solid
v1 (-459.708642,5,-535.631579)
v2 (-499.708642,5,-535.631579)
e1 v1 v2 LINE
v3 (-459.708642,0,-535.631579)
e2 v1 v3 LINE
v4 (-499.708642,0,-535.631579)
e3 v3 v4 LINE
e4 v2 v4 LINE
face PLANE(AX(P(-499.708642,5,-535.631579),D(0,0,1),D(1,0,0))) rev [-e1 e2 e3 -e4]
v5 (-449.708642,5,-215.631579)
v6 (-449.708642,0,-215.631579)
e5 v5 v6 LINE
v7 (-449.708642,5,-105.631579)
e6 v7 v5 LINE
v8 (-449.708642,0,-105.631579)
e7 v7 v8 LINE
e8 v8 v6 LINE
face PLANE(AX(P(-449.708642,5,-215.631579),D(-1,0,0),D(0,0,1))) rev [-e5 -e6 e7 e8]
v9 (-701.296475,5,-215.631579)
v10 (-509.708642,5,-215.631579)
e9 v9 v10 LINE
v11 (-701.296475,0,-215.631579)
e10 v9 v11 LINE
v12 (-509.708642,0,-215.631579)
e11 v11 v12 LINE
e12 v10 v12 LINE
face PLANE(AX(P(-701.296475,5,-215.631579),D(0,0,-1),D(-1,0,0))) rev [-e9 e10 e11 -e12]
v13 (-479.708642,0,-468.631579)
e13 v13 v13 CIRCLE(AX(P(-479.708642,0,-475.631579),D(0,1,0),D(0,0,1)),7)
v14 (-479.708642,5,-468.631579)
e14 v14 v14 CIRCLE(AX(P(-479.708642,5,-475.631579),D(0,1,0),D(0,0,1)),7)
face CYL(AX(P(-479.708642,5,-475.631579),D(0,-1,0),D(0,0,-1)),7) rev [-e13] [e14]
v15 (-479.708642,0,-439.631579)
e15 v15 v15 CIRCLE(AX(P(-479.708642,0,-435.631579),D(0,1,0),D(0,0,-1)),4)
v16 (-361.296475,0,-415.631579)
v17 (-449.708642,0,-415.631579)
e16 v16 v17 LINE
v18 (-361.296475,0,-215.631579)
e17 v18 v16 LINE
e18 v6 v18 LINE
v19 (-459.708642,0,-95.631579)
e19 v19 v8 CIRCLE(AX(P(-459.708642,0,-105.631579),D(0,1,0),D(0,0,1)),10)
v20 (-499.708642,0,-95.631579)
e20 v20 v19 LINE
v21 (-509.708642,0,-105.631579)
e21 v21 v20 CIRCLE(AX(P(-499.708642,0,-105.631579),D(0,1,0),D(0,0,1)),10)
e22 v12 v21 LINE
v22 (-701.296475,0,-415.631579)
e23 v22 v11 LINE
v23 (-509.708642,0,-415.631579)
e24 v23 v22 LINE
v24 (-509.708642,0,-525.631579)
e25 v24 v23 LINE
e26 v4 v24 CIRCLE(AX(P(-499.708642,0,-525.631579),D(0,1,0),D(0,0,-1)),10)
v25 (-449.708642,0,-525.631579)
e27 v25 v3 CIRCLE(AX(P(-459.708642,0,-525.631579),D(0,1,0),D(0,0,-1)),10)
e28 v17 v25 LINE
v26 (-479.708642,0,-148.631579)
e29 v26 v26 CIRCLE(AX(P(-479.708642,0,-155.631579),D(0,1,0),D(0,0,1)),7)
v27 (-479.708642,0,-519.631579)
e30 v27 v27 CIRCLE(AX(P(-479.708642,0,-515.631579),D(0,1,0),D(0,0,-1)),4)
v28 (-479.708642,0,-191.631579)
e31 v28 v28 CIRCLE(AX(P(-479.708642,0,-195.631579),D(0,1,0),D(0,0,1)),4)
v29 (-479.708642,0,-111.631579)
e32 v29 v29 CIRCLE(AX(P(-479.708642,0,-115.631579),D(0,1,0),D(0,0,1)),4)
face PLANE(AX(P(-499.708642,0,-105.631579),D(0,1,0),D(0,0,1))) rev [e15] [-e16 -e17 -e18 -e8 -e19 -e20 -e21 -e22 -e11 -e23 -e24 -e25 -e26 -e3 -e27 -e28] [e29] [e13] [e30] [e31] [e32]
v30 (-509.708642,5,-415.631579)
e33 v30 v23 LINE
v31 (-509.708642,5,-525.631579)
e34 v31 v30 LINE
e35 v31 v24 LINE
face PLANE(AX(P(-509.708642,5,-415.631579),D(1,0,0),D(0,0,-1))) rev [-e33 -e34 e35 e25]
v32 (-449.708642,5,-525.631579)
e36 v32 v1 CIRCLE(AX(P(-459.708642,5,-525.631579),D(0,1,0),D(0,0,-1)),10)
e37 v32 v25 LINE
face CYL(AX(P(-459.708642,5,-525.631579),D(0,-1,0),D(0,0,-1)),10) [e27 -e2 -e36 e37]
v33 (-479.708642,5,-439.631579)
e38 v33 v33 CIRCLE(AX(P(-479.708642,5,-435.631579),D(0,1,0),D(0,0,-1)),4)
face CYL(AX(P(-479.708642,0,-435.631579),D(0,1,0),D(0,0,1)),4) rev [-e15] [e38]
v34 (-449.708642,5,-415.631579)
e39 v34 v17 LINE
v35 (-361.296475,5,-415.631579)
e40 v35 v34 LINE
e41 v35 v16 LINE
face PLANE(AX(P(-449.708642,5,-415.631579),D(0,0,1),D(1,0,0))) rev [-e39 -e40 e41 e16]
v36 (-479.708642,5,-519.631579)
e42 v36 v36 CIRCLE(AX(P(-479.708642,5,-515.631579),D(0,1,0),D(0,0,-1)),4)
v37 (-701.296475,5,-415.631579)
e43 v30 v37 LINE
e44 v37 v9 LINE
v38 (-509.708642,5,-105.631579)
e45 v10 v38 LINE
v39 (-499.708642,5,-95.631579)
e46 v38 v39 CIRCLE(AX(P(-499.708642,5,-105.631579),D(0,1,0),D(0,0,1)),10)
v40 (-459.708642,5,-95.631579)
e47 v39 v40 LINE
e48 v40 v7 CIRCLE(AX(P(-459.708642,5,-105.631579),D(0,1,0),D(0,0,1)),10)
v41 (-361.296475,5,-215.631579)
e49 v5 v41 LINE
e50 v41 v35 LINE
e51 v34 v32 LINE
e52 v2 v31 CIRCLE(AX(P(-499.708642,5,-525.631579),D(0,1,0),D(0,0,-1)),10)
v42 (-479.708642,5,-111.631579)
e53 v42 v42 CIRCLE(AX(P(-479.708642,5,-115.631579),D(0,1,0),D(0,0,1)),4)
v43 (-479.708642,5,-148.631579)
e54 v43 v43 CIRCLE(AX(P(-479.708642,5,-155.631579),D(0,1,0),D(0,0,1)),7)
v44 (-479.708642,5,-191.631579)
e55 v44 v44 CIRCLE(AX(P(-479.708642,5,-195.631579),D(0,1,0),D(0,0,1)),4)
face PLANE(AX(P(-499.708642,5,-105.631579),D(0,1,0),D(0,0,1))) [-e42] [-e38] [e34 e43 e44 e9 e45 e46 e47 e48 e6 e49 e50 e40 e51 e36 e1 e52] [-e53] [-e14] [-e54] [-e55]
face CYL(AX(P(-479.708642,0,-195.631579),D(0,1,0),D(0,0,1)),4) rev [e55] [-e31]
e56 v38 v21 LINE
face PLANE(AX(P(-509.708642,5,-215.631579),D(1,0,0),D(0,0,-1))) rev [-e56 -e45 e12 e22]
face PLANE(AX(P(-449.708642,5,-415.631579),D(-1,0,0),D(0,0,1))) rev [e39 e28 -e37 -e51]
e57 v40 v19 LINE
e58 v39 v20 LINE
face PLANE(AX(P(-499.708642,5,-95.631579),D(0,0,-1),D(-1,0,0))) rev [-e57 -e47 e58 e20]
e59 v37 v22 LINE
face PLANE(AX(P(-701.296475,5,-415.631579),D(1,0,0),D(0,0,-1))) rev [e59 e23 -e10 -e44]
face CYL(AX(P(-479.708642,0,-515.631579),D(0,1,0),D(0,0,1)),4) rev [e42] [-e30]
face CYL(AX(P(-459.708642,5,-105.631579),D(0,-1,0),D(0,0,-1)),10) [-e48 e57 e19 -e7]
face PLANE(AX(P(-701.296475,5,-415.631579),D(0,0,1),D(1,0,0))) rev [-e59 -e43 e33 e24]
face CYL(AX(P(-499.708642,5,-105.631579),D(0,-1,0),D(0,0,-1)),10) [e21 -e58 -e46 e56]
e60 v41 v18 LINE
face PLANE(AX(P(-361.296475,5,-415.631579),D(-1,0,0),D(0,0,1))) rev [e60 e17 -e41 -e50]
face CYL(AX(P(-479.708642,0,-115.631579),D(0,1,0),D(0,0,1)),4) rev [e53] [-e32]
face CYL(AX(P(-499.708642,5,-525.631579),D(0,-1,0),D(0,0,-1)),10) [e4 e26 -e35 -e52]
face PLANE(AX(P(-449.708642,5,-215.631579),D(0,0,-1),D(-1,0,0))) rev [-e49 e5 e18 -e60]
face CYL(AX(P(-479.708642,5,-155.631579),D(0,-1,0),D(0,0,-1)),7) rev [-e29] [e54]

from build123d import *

# Parameters (mm, degrees)
SKETCH1_R           = 7
BOSS_EXTRUDE1_DEPTH = 5
SKETCH2_R           = 4
CUT_EXTRUDE1_DEPTH  = 6


with BuildPart() as part:
    # Sketch1 → Boss-Extrude1 (new body)
    with BuildSketch(Plane(origin=(0, 0, 0), x_dir=(1, 0, 0), z_dir=(0, 1, 0))):
        with BuildLine():
            Line((-449.708642176, 415.631578947), (-361.296475424, 415.631578947))
            Line((-361.296475424, 415.631578947), (-361.296475424, 215.631578947))
            Line((-361.296475424, 215.631578947), (-449.708642176, 215.631578947))
            Line((-449.708642176, 215.631578947), (-449.708642176, 105.631578947))
            ThreePointArc((-449.708642176, 105.631578947), (-452.637574364, 98.560511136), (-459.708642176, 95.631578947))
            Line((-459.708642176, 95.631578947), (-499.708642176, 95.631578947))
            ThreePointArc((-499.708642176, 95.631578947), (-506.779709988, 98.560511136), (-509.708642176, 105.631578947))
            Line((-509.708642176, 105.631578947), (-509.708642176, 215.631578947))
            Line((-509.708642176, 215.631578947), (-701.296475424, 215.631578947))
            Line((-701.296475424, 215.631578947), (-701.296475424, 415.631578947))
            Line((-701.296475424, 415.631578947), (-509.708642176, 415.631578947))
            Line((-509.708642176, 415.631578947), (-509.708642176, 525.631578947))
            ThreePointArc((-509.708642176, 525.631578947), (-506.779709988, 532.702646759), (-499.708642176, 535.631578947))
            Line((-499.708642176, 535.631578947), (-459.708642176, 535.631578947))
            ThreePointArc((-459.708642176, 535.631578947), (-452.637574364, 532.702646759), (-449.708642176, 525.631578947))
            Line((-449.708642176, 525.631578947), (-449.708642176, 415.631578947))
        make_face()
        with Locations((-479.708642176, 475.631578947)):
            Circle(SKETCH1_R, mode=Mode.SUBTRACT)
        with Locations((-479.708642176, 155.631578947)):
            Circle(SKETCH1_R, mode=Mode.SUBTRACT)
    extrude(amount=BOSS_EXTRUDE1_DEPTH)

    # Sketch2 → Cut-Extrude1 (cut, through all)
    with BuildSketch(Plane(origin=(0, 5, 0), x_dir=(1, 0, 0), z_dir=(0, 1, 0))):
        with Locations((-479.708642176, 195.631578947)):
            Circle(SKETCH2_R)
        with Locations((-479.708642176, 115.631578947)):
            Circle(SKETCH2_R)
        with Locations((-479.708642176, 515.631578947)):
            Circle(SKETCH2_R)
        with Locations((-479.708642176, 435.631578947)):
            Circle(SKETCH2_R)
    extrude(amount=-CUT_EXTRUDE1_DEPTH, mode=Mode.SUBTRACT)


solid = part.part
